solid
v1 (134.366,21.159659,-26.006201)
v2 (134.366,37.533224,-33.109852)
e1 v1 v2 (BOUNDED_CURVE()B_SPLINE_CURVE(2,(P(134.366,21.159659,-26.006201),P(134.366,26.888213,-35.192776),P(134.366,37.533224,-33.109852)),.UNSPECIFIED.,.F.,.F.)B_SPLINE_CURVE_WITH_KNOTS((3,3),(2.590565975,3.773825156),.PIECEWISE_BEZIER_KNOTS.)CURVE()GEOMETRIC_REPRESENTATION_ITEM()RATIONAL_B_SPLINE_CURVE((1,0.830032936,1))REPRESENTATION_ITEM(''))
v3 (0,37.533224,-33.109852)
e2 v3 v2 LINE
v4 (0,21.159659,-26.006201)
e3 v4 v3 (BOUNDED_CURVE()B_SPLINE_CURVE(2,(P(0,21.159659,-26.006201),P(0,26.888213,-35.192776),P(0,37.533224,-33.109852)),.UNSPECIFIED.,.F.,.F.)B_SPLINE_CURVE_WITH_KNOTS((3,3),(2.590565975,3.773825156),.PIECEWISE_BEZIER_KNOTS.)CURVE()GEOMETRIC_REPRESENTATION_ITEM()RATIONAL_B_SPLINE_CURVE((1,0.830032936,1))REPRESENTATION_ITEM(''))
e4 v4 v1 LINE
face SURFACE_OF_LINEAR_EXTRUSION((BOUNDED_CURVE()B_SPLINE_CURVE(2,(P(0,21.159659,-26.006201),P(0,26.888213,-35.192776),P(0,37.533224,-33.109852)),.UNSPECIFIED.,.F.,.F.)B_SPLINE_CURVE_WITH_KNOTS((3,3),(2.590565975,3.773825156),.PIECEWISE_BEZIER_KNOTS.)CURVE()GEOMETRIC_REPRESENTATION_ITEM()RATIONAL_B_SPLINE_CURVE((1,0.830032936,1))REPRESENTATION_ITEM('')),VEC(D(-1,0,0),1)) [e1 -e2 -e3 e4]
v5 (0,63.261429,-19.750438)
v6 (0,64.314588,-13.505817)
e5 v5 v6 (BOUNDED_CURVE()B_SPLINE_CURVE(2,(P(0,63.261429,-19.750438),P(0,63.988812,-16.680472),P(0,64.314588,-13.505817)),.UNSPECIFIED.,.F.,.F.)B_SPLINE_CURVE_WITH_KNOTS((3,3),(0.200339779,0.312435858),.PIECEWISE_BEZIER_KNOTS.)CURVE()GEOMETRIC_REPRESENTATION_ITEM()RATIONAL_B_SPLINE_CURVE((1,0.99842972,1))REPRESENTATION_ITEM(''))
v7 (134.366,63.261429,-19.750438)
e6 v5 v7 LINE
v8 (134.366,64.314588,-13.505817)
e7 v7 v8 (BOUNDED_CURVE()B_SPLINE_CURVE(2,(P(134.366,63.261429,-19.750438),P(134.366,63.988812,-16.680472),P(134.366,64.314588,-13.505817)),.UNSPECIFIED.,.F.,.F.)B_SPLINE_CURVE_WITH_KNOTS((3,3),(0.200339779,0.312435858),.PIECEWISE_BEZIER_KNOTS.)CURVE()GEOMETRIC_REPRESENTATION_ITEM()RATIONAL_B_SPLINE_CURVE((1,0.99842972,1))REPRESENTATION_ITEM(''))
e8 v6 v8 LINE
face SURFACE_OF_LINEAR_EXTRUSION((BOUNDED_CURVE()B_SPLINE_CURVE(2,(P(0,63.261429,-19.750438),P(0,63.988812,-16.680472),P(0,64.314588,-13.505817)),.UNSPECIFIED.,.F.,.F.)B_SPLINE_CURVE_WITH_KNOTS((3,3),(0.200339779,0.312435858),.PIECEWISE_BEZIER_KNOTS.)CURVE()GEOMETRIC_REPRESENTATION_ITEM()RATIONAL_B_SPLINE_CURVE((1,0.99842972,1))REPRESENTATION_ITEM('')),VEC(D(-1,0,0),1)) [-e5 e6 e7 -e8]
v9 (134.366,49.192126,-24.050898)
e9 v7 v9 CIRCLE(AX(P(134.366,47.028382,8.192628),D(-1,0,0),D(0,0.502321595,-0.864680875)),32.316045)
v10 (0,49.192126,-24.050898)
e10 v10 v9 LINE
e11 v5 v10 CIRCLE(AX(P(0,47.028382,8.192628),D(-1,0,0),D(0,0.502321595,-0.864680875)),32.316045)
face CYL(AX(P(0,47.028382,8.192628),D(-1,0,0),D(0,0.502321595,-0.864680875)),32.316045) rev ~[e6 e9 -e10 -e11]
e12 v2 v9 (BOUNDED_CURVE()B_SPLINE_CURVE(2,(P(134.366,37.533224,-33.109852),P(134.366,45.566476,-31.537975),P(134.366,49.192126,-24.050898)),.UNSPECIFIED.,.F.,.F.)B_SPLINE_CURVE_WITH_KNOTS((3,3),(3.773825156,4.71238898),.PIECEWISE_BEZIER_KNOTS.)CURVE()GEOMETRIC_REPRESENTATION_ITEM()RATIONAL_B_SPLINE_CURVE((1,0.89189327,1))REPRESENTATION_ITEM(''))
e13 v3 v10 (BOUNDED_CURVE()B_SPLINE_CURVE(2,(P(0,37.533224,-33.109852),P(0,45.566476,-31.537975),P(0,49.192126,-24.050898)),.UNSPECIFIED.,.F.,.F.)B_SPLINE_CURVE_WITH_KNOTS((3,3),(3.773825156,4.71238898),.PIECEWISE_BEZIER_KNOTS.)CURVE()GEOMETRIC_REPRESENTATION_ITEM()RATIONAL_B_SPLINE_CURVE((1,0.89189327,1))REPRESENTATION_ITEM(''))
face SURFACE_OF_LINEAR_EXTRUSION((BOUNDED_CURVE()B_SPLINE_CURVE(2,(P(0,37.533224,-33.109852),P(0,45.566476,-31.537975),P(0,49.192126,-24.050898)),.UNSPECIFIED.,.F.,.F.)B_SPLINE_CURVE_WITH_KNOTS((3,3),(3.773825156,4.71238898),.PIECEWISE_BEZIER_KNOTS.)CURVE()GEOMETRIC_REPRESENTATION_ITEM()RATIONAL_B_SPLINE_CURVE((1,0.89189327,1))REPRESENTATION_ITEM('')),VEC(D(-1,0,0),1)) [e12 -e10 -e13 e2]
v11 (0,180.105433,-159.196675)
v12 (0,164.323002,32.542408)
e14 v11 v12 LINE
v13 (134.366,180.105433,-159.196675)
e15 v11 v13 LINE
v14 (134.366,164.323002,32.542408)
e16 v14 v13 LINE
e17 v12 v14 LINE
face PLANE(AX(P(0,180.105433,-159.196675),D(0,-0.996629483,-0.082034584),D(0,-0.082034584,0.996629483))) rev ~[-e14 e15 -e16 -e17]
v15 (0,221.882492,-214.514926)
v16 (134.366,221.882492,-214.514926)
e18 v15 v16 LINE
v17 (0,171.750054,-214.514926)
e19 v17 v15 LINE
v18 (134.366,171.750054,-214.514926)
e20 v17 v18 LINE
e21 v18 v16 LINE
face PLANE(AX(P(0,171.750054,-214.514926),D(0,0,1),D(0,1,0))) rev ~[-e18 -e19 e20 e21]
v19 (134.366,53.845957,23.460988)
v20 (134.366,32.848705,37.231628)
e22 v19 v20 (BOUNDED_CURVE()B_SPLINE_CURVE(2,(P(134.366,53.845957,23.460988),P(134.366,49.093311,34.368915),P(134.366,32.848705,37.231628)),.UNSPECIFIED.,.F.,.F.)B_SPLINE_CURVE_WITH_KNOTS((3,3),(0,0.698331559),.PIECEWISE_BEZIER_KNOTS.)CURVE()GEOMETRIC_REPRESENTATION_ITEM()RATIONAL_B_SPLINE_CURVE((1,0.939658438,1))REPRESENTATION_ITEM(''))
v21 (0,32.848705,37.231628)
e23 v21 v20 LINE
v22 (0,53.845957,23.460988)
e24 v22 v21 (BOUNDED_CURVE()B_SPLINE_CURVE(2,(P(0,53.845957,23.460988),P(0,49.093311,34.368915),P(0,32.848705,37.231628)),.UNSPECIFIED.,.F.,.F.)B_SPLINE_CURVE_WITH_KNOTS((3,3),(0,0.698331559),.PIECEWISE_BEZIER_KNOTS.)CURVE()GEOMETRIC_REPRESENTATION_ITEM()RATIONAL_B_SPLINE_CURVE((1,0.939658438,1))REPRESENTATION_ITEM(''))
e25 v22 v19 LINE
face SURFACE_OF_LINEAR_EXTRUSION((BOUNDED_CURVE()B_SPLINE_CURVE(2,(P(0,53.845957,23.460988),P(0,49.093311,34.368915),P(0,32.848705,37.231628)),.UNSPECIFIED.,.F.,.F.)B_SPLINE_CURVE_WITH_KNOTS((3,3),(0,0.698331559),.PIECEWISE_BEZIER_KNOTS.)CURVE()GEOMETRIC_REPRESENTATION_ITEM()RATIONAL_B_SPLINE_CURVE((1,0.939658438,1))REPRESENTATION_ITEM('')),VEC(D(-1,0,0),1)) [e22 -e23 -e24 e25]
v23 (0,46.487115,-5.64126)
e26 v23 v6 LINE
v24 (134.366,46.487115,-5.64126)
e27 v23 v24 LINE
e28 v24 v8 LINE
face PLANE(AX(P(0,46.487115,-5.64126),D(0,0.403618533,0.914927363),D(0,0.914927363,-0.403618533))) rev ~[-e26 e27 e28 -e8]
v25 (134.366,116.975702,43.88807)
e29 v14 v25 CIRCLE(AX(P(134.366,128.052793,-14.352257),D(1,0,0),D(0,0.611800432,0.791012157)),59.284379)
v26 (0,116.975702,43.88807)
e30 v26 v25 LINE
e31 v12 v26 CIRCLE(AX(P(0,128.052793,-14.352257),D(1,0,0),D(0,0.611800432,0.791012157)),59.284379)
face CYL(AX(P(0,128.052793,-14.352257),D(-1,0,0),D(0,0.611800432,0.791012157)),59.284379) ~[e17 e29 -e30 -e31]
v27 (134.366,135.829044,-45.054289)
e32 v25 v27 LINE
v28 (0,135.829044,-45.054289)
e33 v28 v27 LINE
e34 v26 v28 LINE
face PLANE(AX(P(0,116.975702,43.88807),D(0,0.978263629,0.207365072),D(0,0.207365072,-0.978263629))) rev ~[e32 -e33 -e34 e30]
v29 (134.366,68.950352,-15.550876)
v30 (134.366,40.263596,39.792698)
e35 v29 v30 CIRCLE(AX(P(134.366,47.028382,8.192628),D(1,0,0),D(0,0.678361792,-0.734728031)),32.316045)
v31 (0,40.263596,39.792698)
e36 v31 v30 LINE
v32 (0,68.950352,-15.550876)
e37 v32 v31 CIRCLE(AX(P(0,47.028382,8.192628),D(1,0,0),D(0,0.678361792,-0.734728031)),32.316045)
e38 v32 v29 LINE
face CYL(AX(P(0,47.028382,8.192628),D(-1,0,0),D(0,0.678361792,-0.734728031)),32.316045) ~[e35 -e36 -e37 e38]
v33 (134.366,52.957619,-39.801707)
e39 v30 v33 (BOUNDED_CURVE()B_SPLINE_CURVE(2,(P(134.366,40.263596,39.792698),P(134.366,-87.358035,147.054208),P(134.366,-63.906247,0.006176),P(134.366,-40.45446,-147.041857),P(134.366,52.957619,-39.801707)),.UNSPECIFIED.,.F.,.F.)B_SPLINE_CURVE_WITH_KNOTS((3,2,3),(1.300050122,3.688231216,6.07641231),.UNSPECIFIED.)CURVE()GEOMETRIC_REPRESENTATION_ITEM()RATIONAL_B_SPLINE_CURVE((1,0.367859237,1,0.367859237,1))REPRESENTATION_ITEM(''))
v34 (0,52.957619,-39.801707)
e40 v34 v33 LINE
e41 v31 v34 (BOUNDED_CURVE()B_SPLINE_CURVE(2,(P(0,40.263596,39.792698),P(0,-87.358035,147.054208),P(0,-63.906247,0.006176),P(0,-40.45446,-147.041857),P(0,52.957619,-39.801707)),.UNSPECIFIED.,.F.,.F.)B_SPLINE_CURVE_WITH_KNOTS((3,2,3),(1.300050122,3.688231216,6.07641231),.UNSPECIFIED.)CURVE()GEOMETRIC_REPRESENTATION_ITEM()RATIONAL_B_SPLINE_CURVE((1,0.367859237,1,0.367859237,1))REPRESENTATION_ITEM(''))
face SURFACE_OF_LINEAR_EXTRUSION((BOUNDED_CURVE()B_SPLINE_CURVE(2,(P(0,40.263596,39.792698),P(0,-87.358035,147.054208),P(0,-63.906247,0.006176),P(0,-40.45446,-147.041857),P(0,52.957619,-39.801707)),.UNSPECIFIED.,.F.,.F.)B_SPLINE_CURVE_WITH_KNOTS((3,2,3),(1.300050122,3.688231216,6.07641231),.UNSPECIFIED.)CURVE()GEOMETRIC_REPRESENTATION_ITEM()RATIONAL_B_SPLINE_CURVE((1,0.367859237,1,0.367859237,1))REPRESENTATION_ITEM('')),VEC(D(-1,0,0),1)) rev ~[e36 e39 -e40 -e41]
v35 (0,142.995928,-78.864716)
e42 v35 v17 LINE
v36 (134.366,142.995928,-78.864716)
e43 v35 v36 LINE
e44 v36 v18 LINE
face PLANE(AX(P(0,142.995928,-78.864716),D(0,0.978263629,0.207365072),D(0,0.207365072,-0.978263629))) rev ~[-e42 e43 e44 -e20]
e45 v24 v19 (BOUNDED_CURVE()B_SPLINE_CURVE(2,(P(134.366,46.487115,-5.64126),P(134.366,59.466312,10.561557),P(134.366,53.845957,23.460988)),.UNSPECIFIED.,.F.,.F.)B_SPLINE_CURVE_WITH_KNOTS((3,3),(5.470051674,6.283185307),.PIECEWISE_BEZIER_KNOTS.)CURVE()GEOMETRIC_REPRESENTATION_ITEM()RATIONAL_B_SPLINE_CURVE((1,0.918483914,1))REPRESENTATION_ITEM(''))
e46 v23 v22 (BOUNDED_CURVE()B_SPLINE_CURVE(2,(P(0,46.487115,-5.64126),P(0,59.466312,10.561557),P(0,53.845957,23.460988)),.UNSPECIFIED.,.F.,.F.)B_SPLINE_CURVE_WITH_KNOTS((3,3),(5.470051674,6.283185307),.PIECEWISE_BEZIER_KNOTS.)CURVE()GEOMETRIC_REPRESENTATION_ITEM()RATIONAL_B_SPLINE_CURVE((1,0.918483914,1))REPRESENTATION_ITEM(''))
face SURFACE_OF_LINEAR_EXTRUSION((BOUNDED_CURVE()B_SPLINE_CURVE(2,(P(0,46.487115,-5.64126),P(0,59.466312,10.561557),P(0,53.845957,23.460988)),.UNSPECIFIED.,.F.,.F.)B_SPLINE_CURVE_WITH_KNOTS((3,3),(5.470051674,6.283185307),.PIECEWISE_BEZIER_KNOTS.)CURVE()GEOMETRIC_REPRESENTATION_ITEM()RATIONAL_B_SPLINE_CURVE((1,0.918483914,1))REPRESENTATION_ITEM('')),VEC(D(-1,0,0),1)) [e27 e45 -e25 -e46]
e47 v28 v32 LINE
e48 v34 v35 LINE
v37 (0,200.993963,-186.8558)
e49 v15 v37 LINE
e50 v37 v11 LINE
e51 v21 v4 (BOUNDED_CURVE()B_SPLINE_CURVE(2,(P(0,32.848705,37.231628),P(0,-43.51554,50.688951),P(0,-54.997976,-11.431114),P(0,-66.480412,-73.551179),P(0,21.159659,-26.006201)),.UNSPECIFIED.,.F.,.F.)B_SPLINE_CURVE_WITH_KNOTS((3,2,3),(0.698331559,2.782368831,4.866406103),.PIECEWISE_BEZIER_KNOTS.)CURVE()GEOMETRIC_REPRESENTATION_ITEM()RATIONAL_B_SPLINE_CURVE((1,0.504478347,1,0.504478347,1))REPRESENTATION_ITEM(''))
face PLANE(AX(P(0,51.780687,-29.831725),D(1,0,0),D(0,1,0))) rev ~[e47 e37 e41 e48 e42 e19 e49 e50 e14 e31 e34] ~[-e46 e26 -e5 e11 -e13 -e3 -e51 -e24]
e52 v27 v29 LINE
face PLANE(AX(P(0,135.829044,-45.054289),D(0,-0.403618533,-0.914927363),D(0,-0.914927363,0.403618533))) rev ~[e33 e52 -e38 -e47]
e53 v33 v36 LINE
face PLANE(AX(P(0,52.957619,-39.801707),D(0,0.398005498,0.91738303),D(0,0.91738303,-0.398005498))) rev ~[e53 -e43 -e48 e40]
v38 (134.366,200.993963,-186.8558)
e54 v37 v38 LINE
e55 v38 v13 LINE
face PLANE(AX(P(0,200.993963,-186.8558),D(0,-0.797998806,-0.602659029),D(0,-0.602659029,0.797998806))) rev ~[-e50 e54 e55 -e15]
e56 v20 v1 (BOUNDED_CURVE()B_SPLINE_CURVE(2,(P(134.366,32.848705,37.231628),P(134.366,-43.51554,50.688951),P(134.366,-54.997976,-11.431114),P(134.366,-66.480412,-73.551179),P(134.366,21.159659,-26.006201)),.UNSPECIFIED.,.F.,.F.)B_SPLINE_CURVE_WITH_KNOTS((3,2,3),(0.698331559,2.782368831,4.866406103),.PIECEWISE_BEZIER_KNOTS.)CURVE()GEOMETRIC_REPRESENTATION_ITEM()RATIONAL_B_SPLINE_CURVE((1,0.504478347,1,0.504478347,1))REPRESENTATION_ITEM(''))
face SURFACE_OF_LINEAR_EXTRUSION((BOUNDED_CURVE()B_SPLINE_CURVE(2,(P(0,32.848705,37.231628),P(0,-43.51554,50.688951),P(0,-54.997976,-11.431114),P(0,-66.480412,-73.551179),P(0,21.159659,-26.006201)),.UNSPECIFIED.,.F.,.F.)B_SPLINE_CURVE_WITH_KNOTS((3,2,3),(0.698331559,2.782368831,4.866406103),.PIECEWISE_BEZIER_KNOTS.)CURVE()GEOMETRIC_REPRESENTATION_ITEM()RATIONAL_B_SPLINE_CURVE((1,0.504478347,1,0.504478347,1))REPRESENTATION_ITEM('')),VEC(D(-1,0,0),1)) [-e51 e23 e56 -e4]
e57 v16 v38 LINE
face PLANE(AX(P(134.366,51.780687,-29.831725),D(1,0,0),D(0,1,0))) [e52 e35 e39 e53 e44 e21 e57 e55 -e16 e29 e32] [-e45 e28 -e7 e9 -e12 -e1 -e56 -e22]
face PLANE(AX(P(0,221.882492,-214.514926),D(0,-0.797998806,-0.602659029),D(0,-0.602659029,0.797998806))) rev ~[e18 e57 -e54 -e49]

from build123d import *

# Parameters (mm, degrees)
F1_DEPTH = 134.366


with BuildPart() as f1:
    # F0 (on Right) → F1 (new body)
    with BuildSketch(Plane.YZ):
        with BuildLine():
            add(Edge.make_bspline(
                [(52.9576185242, -39.8017066897), (56.7917955179, -35.3999449299), (59.4162233174, -30.2441120148)],
                knots=[6.0764123097, 6.0764123097, 6.0764123097, 6.2831853072, 6.2831853072, 6.2831853072], degree=2, weights=[1, 0.9946603747, 1]))
            add(Edge.make_bspline(
                [(59.4162233174, -30.2441120148), (61.9584410831, -25.2497852376), (63.2614291599, -19.7504379506)],
                knots=[0, 0, 0, 0.2003397789, 0.2003397789, 0.2003397789], degree=2, weights=[1, 0.9949871903, 1]))
            ThreePointArc((63.2614291599, -19.7504379506), (56.4747551576, -22.7119475449), (49.1921255016, -24.0508980233))
            add(Edge.make_bspline(
                [(37.5332238168, -33.1098520281), (45.5664758872, -31.5379746925), (49.1921255016, -24.0508980233)],
                knots=[3.7738251561, 3.7738251561, 3.7738251561, 4.7123889804, 4.7123889804, 4.7123889804], degree=2, weights=[1, 0.8918932704, 1]))
            Line((37.5332238168, -33.1098520281), (52.9576185242, -39.8017066897))
        make_face()
        with BuildLine():
            add(Edge.make_bspline(
                [(59.4162233174, -30.2441120148), (61.9584410831, -25.2497852376), (63.2614291599, -19.7504379506)],
                knots=[0, 0, 0, 0.2003397789, 0.2003397789, 0.2003397789], degree=2, weights=[1, 0.9949871903, 1]))
            add(Edge.make_bspline(
                [(52.9576185242, -39.8017066897), (56.7917955179, -35.3999449299), (59.4162233174, -30.2441120148)],
                knots=[6.0764123097, 6.0764123097, 6.0764123097, 6.2831853072, 6.2831853072, 6.2831853072], degree=2, weights=[1, 0.9946603747, 1]))
            Line((52.9576185242, -39.8017066897), (142.9959279396, -78.8647164227))
            Line((142.9959279396, -78.8647164227), (135.8290441256, -45.0542887336))
            Line((135.8290441256, -45.0542887336), (68.9503520739, -15.5508760084))
            ThreePointArc((68.9503520739, -15.5508760084), (66.2210997632, -17.8067246745), (63.2614291599, -19.7504379506))
        make_face()
        with BuildLine():
            add(Edge.make_bspline(
                [(63.2614291599, -19.7504379506), (63.9888115577, -16.6804724711), (64.3145880563, -13.5058171875)],
                knots=[0.2003397789, 0.2003397789, 0.2003397789, 0.3124358581, 0.3124358581, 0.3124358581], degree=2, weights=[1, 0.9984297198, 1]))
            ThreePointArc((63.2614291599, -19.7504379506), (66.2210997632, -17.8067246745), (68.9503520739, -15.5508760084))
            Line((68.9503520739, -15.5508760084), (64.3145880563, -13.5058171875))
        make_face()
        with BuildLine():
            add(Edge.make_bspline(
                [(40.2635959663, 39.7926981892), (-87.3580346383, 147.0542081255), (-63.9062474873, 0.0061756271), (-40.4544603363, -147.0418568712), (52.9576185242, -39.8017066897)],
                knots=[1.300050122, 1.300050122, 1.300050122, 3.6882312159, 3.6882312159, 6.0764123097, 6.0764123097, 6.0764123097], degree=2, weights=[1, 0.3678592366, 1, 0.3678592366, 1]))
            Line((52.9576185242, -39.8017066897), (37.5332238168, -33.1098520281))
            add(Edge.make_bspline(
                [(21.1596586547, -26.0062009329), (26.8882127983, -35.192775782), (37.5332238168, -33.1098520281)],
                knots=[2.5905659748, 2.5905659748, 2.5905659748, 3.7738251561, 3.7738251561, 3.7738251561], degree=2, weights=[1, 0.8300329355, 1]))
            add(Edge.make_bspline(
                [(32.8487050816, 37.231628143), (-43.515539881, 50.6889506683), (-54.9979758387, -11.4311142158), (-66.4804117964, -73.5511790999), (21.1596586547, -26.0062009329)],
                knots=[0.6983315591, 0.6983315591, 0.6983315591, 2.7823688311, 2.7823688311, 4.8664061031, 4.8664061031, 4.8664061031], degree=2, weights=[1, 0.5044783468, 1, 0.5044783468, 1]))
            ThreePointArc((32.8487050816, 37.231628143), (36.4781496781, 38.7379936783), (40.2635959663, 39.7926981892))
        make_face()
        with BuildLine():
            Line((46.4871147638, -5.6412599382), (64.3145880563, -13.5058171875))
            add(Edge.make_bspline(
                [(64.3145880563, -13.5058171875), (67.4400861974, 16.9518101426), (40.2635959663, 39.7926981892)],
                knots=[0.3124358581, 0.3124358581, 0.3124358581, 1.300050122, 1.300050122, 1.300050122], degree=2, weights=[1, 0.8805347337, 1]))
            ThreePointArc((40.2635959663, 39.7926981892), (36.4781496781, 38.7379936783), (32.8487050816, 37.231628143))
            add(Edge.make_bspline(
                [(53.8459569216, 23.4609879553), (49.0933112893, 34.3689152969), (32.8487050816, 37.231628143)],
                knots=[0, 0, 0, 0.6983315591, 0.6983315591, 0.6983315591], degree=2, weights=[1, 0.9396584383, 1]))
            add(Edge.make_bspline(
                [(46.4871147638, -5.6412599382), (59.4663117422, 10.5615574568), (53.8459569216, 23.4609879553)],
                knots=[5.4700516742, 5.4700516742, 5.4700516742, 6.2831853072, 6.2831853072, 6.2831853072], degree=2, weights=[1, 0.9184839142, 1]))
        make_face()
        with BuildLine():
            add(Edge.make_bspline(
                [(64.3145880563, -13.5058171875), (67.4400861974, 16.9518101426), (40.2635959663, 39.7926981892)],
                knots=[0.3124358581, 0.3124358581, 0.3124358581, 1.300050122, 1.300050122, 1.300050122], degree=2, weights=[1, 0.8805347337, 1]))
            Line((64.3145880563, -13.5058171875), (68.9503520739, -15.5508760084))
            ThreePointArc((68.9503520739, -15.5508760084), (75.719196821, 23.0642083956), (40.2635959663, 39.7926981892))
        make_face()
        Polygon((135.8290441256, -45.0542887336), (142.9959279396, -78.8647164227), (174.6225650901, -92.5858940287), (172.0244634354, -61.0218317866), align=None)
        Polygon((174.6225650901, -92.5858940287), (142.9959279396, -78.8647164227), (171.7500537634, -214.5149260759), (221.8824923038, -214.5149260759), (200.9939625859, -186.8558004498), (180.105432868, -159.1966748238), align=None)
        with BuildLine():
            Line((116.9757023454, 43.8880696893), (135.8290441256, -45.0542887336))
            Line((135.8290441256, -45.0542887336), (172.0244634354, -61.0218317866))
            Line((172.0244634354, -61.0218317866), (164.3230021, 32.5424075127))
            ThreePointArc((164.3230021, 32.5424075127), (141.8677963571, 43.300004811), (116.9757023454, 43.8880696893))
        make_face()
    extrude(amount=F1_DEPTH)


solid = f1.part
